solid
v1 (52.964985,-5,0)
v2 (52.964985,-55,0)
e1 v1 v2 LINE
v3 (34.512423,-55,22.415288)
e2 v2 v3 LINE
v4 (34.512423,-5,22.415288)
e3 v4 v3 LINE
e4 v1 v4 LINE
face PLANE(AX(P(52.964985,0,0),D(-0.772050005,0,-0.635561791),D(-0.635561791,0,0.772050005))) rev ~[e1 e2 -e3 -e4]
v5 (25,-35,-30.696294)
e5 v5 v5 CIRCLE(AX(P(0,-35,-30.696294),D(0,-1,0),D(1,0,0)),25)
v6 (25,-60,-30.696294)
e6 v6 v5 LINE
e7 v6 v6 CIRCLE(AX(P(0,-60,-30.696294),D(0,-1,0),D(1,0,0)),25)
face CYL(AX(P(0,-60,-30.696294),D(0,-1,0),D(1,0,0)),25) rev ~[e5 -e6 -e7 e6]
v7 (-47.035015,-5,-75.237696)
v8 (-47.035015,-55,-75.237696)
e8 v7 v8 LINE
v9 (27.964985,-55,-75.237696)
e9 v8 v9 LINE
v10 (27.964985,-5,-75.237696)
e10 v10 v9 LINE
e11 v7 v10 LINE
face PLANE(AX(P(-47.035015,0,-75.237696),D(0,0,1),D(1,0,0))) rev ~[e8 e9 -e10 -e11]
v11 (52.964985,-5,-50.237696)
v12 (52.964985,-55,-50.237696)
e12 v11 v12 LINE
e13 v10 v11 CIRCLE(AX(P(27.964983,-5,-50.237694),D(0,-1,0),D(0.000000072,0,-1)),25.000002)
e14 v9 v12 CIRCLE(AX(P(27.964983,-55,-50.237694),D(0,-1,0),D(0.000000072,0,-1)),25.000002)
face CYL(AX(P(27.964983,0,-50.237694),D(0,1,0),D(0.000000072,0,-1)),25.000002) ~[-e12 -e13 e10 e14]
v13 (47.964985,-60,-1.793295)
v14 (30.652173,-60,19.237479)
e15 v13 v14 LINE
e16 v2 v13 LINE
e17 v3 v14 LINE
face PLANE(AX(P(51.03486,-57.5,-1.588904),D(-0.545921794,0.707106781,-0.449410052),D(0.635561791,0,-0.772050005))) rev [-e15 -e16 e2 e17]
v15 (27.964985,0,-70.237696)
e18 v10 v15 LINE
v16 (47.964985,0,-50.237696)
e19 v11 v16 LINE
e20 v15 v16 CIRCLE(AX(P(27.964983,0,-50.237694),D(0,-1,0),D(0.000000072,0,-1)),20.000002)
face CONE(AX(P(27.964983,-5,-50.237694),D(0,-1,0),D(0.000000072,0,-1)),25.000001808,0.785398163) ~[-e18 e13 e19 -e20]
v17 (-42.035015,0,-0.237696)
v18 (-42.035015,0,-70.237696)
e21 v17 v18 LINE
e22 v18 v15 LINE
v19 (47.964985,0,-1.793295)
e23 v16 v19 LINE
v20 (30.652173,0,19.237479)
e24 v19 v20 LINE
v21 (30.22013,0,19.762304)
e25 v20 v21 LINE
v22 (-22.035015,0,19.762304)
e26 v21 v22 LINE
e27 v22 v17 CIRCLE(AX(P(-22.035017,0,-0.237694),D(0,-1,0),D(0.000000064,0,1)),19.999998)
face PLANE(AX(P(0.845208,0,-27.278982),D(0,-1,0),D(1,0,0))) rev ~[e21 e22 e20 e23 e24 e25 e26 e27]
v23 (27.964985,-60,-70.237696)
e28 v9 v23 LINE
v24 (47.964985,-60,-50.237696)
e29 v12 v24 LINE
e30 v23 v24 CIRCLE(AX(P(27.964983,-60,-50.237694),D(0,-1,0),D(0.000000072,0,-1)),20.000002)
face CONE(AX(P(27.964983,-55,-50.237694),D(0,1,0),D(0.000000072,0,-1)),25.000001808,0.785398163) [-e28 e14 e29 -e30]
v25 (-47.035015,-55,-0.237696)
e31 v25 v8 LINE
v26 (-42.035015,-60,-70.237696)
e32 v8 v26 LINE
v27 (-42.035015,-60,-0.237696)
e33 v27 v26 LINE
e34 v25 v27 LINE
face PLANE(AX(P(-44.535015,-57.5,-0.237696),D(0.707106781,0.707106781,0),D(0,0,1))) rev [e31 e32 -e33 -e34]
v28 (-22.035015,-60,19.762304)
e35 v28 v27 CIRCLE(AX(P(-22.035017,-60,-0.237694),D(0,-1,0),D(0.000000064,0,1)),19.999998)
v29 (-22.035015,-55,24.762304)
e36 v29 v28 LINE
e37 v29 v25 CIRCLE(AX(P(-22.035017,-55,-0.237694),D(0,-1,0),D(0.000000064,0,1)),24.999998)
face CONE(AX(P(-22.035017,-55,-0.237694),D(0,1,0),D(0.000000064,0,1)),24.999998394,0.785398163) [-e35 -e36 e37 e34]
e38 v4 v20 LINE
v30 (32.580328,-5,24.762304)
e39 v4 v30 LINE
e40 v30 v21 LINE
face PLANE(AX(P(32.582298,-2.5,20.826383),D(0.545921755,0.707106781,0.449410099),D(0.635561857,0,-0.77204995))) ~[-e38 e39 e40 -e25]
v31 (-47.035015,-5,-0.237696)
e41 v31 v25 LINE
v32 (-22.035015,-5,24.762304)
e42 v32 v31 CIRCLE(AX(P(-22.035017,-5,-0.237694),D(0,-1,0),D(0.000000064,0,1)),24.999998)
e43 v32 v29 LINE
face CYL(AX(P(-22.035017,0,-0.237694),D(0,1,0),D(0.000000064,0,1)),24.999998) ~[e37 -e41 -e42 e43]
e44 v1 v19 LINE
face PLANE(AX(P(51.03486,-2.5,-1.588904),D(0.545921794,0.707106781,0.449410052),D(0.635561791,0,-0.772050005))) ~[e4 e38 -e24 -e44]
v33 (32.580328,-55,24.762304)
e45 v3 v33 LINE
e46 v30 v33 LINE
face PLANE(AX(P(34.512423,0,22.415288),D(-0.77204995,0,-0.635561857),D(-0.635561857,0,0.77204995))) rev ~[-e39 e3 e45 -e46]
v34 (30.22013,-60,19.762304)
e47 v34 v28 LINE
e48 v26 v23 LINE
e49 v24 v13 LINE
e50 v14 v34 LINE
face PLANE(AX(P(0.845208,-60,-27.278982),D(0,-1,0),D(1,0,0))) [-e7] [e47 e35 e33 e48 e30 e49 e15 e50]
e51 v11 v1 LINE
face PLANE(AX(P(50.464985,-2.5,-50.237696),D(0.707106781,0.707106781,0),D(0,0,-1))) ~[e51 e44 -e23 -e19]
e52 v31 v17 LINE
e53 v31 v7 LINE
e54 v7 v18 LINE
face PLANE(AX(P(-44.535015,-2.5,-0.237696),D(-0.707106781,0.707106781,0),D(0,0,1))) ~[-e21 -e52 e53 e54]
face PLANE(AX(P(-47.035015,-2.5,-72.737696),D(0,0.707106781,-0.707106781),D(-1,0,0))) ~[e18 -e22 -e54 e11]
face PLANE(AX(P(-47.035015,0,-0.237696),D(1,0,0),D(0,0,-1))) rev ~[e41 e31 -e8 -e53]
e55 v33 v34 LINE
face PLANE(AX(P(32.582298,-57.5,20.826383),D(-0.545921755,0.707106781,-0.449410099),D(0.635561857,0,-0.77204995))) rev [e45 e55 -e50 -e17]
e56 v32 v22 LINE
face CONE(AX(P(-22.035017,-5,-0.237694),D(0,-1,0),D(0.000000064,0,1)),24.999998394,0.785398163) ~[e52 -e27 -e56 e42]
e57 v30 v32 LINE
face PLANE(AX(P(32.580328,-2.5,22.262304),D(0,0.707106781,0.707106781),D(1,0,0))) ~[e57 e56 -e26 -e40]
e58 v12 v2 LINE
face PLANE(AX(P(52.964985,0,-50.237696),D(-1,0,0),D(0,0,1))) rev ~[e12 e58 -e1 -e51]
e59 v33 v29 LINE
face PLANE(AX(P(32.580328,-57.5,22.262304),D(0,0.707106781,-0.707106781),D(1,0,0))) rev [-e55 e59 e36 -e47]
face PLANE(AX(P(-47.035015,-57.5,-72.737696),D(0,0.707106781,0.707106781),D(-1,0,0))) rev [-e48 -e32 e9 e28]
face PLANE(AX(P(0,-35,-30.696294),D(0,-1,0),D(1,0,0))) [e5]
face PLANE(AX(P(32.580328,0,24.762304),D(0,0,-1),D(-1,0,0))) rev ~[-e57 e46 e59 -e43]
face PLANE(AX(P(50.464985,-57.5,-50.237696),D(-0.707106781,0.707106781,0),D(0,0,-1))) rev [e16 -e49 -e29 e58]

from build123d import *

# Parameters (mm, degrees)
F1_DEPTH = 60
F2_SIZE  = 5
F3_R     = 25
F4_DEPTH = 25


with BuildPart() as f1:
    # F0 (on Front) → F1 (new body)
    with BuildSketch(Plane.XZ):
        with BuildLine():
            Line((32.580328, 24.762304), (-22.035015, 24.762304))
            ThreePointArc((-22.035015, 24.762304), (-39.712685, 17.439974), (-47.035015, -0.237696))
            Line((-47.035015, -0.237696), (-47.035015, -75.237696))
            Line((-47.035015, -75.237696), (27.964985, -75.237696))
            ThreePointArc((27.964985, -75.237696), (45.642654, -67.915365), (52.964985, -50.237696))
            Line((52.964985, -50.237696), (52.964985, 0))
            Line((52.964985, 0), (34.512423, 22.415288))
            Line((34.512423, 22.415288), (32.580328, 24.762304))
        make_face()
    extrude(amount=F1_DEPTH)

    # F2
    f2_edges = [f1.edges().sort_by_distance(p)[0] for p in [
        (-39.712685, -60, 17.439974),
        (5.272656, -60, 24.762304),
        (42.772656, -60, 12.381152),
        (52.964985, -60, -25.118848),
        (45.642654, -60, -67.915365),
        (-9.535015, -60, -75.237696),
        (-47.035015, -60, -37.737696),
        (-39.712685, 0, 17.439974),
        (5.272656, 0, 24.762304),
        (42.772656, 0, 12.381152),
        (45.642654, 0, -67.915365),
        (-9.535015, 0, -75.237696),
    ]]
    chamfer(f2_edges, length=F2_SIZE)

    # F3 (on face) → F4 (cut)
    with BuildSketch(Plane.XZ.offset(60)):
        with Locations((0, -30.696294)):
            Circle(F3_R)
    extrude(amount=-F4_DEPTH, mode=Mode.SUBTRACT)


solid = f1.part
